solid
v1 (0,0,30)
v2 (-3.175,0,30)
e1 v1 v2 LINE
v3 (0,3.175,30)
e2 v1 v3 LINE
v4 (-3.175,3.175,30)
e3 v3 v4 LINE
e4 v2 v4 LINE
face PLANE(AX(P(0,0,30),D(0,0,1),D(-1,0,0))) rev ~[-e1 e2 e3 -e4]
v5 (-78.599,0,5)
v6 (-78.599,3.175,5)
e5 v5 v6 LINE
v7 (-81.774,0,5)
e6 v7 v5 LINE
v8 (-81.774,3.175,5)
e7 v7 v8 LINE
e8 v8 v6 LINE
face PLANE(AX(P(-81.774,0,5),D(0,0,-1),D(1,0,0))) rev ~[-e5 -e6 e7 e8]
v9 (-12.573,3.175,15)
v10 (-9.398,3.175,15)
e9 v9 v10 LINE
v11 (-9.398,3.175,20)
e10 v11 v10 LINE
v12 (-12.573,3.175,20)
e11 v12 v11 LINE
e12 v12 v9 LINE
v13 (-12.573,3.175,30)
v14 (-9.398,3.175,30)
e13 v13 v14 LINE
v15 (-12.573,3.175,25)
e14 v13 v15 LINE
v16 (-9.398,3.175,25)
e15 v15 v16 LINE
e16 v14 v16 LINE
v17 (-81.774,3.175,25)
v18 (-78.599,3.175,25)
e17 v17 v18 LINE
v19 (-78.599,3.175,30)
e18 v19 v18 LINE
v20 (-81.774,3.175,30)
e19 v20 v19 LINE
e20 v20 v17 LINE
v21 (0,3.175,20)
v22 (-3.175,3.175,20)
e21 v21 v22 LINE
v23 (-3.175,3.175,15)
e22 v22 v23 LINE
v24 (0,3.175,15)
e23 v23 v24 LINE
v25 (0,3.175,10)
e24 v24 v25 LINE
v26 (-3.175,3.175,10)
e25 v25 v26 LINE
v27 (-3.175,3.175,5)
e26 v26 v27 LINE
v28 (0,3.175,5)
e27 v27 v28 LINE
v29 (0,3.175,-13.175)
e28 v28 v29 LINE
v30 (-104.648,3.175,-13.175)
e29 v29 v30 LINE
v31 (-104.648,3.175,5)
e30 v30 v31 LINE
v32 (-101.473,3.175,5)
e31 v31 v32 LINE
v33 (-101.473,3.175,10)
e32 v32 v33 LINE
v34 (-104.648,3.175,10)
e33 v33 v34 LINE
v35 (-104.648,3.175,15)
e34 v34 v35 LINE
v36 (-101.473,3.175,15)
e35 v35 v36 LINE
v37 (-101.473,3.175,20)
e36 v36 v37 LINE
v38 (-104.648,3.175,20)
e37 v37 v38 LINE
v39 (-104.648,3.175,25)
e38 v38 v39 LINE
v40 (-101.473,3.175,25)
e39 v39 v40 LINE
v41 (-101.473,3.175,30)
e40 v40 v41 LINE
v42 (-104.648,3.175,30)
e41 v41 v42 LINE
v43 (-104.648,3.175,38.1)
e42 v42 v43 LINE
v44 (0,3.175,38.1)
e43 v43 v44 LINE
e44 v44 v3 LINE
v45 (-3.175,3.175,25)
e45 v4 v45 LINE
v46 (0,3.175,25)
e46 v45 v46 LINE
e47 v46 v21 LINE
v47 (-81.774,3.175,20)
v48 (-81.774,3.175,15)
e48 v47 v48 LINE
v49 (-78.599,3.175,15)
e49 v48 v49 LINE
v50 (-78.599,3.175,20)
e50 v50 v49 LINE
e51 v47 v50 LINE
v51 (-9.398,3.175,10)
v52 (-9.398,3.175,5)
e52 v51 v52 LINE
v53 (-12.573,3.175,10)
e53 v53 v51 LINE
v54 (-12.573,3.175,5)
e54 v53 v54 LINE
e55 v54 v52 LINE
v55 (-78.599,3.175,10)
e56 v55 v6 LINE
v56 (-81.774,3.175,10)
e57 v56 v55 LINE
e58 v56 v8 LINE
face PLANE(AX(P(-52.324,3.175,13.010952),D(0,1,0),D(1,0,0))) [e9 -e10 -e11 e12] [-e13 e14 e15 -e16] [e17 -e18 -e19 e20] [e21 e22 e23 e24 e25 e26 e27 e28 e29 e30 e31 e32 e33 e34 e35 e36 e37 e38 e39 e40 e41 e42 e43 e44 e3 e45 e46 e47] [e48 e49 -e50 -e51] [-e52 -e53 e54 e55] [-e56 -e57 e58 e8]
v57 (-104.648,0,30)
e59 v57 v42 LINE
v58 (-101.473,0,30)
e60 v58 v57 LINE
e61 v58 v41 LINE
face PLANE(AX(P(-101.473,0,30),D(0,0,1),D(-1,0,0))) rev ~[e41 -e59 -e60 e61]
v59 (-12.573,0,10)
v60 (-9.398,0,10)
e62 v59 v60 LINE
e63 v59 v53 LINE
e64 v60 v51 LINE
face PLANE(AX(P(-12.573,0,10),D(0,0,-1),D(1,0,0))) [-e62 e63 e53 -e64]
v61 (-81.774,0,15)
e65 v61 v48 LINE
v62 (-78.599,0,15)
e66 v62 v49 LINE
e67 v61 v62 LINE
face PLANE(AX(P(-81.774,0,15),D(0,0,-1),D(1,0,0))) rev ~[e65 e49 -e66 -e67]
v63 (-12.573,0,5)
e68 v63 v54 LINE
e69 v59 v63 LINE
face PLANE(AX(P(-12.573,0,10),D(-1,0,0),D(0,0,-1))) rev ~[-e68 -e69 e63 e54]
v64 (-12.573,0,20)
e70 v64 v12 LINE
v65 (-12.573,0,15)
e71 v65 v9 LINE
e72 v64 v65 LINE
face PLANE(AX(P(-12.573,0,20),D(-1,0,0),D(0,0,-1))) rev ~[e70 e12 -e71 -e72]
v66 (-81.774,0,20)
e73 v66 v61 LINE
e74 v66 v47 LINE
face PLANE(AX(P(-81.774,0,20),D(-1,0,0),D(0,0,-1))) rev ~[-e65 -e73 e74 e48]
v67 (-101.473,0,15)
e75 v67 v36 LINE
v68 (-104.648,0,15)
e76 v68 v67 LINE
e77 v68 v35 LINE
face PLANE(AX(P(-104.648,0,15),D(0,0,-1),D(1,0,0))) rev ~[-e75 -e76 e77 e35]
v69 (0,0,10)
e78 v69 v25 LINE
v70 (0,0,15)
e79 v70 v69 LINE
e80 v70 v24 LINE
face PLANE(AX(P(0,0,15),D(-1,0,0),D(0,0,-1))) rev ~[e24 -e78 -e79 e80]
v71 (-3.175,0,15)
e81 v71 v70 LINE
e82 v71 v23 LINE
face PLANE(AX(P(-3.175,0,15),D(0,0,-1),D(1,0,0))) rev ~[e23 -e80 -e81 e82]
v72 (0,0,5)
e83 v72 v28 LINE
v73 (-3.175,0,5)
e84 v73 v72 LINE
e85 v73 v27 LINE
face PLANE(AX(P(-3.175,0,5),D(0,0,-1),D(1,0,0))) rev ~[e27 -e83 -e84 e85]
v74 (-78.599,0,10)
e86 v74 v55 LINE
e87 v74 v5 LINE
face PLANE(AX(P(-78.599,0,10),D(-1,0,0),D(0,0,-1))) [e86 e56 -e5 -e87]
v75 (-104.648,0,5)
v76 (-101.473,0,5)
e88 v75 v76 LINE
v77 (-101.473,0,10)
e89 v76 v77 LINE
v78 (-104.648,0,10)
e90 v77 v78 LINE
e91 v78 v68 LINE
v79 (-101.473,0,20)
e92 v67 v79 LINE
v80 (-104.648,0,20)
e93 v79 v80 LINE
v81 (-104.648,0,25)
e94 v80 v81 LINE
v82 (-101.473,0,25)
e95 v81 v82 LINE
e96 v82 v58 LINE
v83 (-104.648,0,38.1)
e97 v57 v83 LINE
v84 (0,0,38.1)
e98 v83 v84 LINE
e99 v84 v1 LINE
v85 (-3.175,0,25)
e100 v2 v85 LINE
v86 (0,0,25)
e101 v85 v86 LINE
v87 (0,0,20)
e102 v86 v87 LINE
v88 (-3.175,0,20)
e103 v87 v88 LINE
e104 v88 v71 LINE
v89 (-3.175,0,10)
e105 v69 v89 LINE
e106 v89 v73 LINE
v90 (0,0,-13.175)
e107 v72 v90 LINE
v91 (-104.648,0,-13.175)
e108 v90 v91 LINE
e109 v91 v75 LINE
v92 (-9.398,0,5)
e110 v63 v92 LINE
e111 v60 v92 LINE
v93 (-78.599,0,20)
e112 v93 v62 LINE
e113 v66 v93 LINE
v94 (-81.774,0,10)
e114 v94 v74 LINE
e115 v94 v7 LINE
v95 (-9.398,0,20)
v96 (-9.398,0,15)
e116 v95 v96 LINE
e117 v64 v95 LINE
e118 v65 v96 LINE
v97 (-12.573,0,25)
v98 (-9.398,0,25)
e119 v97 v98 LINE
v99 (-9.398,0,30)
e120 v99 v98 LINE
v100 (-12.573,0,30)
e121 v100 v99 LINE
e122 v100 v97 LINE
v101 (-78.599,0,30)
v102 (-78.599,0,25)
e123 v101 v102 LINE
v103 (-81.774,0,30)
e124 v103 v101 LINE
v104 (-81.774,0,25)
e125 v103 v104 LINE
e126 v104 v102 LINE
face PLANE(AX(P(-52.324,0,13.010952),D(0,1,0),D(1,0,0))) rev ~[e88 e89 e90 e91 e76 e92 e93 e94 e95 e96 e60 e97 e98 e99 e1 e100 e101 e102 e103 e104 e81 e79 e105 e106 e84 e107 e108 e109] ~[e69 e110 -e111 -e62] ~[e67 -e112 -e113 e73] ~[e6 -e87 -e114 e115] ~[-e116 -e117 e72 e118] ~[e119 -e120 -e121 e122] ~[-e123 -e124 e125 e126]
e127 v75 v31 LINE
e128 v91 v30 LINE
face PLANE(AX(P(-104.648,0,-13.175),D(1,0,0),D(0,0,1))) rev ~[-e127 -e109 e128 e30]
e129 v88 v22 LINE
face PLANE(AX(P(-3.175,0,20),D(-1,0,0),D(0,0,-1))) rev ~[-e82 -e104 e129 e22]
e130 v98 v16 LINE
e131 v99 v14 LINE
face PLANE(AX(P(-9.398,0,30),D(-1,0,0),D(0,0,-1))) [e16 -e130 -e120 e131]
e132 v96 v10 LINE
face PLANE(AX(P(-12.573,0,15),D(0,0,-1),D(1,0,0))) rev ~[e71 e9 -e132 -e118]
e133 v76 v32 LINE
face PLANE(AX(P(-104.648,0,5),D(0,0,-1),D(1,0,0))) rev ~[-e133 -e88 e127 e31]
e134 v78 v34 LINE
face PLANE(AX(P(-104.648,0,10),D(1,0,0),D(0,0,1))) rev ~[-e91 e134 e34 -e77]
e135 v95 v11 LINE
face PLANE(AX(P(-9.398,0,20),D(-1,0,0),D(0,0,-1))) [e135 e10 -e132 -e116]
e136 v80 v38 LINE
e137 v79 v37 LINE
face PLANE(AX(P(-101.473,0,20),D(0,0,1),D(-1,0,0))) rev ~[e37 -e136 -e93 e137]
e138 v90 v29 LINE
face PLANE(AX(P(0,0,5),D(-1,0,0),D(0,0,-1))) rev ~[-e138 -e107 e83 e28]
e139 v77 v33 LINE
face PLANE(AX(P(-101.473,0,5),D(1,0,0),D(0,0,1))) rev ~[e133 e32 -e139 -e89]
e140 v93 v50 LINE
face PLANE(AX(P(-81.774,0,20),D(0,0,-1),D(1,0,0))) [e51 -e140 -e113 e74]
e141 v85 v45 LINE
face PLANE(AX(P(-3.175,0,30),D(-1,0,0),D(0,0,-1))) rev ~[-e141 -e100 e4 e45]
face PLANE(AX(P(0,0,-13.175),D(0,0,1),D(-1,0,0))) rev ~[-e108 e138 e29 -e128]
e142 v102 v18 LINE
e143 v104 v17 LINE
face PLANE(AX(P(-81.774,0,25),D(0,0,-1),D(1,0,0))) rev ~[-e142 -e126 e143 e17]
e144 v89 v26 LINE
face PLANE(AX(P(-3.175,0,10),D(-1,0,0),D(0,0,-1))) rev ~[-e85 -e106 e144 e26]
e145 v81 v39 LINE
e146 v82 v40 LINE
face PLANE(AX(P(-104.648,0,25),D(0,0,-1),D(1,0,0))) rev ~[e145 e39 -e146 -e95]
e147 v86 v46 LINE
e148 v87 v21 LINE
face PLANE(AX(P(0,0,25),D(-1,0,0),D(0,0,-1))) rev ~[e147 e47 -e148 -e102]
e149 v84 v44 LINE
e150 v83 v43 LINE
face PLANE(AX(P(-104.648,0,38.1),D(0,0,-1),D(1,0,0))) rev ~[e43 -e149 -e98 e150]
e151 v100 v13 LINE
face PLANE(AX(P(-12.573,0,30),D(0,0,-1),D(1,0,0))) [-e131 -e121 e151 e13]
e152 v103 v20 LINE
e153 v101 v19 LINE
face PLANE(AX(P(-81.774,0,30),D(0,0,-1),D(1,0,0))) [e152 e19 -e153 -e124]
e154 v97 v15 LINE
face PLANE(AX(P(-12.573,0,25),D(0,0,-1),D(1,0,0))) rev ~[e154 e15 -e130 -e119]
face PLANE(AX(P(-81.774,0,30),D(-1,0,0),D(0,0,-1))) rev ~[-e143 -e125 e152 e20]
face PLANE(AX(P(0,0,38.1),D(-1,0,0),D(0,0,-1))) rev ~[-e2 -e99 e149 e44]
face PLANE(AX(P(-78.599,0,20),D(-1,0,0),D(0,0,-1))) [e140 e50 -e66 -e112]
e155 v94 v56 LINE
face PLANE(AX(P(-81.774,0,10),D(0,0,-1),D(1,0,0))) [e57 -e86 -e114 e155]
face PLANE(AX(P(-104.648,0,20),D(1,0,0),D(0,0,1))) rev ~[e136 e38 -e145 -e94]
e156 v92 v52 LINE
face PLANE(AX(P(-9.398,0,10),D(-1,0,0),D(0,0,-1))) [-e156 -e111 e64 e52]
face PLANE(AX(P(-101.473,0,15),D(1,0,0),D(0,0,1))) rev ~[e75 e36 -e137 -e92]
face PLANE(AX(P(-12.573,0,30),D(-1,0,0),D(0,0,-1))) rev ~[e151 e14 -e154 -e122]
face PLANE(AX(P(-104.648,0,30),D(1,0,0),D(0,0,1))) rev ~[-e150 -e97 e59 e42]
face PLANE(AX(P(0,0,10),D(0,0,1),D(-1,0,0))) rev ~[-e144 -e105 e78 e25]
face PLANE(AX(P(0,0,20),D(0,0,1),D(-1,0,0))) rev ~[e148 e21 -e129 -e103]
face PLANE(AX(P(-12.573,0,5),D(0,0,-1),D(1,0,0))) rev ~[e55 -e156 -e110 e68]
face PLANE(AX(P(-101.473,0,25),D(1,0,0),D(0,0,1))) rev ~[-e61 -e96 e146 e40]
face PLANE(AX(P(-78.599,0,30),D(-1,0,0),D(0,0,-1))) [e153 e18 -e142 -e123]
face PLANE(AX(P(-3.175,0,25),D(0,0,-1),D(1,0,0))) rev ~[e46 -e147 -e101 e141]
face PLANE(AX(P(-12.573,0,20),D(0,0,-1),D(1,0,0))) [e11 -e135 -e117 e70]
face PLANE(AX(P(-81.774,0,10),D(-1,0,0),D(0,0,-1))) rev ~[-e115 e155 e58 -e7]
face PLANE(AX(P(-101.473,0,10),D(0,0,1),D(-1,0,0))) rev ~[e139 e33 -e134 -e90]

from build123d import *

# Parameters (mm, degrees)
SKETCH1_W           = 3.175
SKETCH1_H           = 5
BOSS_EXTRUDE1_DEPTH = 3.175


with BuildPart() as part:
    # Sketch1 → Boss-Extrude1 (new body)
    with BuildSketch(Plane(origin=(0, 0, 0), x_dir=(1, 0, 0), z_dir=(0, 1, 0))):
        Polygon((-104.648, -5), (-101.473, -5), (-101.473, -10), (-104.648, -10), (-104.648, -15), (-101.473, -15), (-101.473, -20), (-104.648, -20), (-104.648, -25), (-101.473, -25), (-101.473, -30), (-104.648, -30), (-104.648, -38.1), (-101.473, -38.1), (-3.175, -38.1), (0, -38.1), (0, -30), (-3.175, -30), (-3.175, -25), (0, -25), (0, -20), (-3.175, -20), (-3.175, -15), (0, -15), (0, -10), (-3.175, -10), (-3.175, -5), (0, -5), (0, 0), (0, 3.175), (0, 13.175), (-104.648, 13.175), (-104.648, 3.175), (-104.648, 0), align=None)
        with Locations((-80.186500028, -7.5)):
            Rectangle(SKETCH1_W, SKETCH1_H, mode=Mode.SUBTRACT)
        with Locations((-80.186500028, -17.5)):
            Rectangle(SKETCH1_W, SKETCH1_H, mode=Mode.SUBTRACT)
        with Locations((-80.186500028, -27.5)):
            Rectangle(SKETCH1_W, SKETCH1_H, mode=Mode.SUBTRACT)
        with Locations((-10.9855, -27.5)):
            Rectangle(SKETCH1_W, SKETCH1_H, mode=Mode.SUBTRACT)
        with Locations((-10.9855, -17.5)):
            Rectangle(SKETCH1_W, SKETCH1_H, mode=Mode.SUBTRACT)
        with Locations((-10.9855, -7.5)):
            Rectangle(SKETCH1_W, SKETCH1_H, mode=Mode.SUBTRACT)
    extrude(amount=BOSS_EXTRUDE1_DEPTH)


solid = part.part
